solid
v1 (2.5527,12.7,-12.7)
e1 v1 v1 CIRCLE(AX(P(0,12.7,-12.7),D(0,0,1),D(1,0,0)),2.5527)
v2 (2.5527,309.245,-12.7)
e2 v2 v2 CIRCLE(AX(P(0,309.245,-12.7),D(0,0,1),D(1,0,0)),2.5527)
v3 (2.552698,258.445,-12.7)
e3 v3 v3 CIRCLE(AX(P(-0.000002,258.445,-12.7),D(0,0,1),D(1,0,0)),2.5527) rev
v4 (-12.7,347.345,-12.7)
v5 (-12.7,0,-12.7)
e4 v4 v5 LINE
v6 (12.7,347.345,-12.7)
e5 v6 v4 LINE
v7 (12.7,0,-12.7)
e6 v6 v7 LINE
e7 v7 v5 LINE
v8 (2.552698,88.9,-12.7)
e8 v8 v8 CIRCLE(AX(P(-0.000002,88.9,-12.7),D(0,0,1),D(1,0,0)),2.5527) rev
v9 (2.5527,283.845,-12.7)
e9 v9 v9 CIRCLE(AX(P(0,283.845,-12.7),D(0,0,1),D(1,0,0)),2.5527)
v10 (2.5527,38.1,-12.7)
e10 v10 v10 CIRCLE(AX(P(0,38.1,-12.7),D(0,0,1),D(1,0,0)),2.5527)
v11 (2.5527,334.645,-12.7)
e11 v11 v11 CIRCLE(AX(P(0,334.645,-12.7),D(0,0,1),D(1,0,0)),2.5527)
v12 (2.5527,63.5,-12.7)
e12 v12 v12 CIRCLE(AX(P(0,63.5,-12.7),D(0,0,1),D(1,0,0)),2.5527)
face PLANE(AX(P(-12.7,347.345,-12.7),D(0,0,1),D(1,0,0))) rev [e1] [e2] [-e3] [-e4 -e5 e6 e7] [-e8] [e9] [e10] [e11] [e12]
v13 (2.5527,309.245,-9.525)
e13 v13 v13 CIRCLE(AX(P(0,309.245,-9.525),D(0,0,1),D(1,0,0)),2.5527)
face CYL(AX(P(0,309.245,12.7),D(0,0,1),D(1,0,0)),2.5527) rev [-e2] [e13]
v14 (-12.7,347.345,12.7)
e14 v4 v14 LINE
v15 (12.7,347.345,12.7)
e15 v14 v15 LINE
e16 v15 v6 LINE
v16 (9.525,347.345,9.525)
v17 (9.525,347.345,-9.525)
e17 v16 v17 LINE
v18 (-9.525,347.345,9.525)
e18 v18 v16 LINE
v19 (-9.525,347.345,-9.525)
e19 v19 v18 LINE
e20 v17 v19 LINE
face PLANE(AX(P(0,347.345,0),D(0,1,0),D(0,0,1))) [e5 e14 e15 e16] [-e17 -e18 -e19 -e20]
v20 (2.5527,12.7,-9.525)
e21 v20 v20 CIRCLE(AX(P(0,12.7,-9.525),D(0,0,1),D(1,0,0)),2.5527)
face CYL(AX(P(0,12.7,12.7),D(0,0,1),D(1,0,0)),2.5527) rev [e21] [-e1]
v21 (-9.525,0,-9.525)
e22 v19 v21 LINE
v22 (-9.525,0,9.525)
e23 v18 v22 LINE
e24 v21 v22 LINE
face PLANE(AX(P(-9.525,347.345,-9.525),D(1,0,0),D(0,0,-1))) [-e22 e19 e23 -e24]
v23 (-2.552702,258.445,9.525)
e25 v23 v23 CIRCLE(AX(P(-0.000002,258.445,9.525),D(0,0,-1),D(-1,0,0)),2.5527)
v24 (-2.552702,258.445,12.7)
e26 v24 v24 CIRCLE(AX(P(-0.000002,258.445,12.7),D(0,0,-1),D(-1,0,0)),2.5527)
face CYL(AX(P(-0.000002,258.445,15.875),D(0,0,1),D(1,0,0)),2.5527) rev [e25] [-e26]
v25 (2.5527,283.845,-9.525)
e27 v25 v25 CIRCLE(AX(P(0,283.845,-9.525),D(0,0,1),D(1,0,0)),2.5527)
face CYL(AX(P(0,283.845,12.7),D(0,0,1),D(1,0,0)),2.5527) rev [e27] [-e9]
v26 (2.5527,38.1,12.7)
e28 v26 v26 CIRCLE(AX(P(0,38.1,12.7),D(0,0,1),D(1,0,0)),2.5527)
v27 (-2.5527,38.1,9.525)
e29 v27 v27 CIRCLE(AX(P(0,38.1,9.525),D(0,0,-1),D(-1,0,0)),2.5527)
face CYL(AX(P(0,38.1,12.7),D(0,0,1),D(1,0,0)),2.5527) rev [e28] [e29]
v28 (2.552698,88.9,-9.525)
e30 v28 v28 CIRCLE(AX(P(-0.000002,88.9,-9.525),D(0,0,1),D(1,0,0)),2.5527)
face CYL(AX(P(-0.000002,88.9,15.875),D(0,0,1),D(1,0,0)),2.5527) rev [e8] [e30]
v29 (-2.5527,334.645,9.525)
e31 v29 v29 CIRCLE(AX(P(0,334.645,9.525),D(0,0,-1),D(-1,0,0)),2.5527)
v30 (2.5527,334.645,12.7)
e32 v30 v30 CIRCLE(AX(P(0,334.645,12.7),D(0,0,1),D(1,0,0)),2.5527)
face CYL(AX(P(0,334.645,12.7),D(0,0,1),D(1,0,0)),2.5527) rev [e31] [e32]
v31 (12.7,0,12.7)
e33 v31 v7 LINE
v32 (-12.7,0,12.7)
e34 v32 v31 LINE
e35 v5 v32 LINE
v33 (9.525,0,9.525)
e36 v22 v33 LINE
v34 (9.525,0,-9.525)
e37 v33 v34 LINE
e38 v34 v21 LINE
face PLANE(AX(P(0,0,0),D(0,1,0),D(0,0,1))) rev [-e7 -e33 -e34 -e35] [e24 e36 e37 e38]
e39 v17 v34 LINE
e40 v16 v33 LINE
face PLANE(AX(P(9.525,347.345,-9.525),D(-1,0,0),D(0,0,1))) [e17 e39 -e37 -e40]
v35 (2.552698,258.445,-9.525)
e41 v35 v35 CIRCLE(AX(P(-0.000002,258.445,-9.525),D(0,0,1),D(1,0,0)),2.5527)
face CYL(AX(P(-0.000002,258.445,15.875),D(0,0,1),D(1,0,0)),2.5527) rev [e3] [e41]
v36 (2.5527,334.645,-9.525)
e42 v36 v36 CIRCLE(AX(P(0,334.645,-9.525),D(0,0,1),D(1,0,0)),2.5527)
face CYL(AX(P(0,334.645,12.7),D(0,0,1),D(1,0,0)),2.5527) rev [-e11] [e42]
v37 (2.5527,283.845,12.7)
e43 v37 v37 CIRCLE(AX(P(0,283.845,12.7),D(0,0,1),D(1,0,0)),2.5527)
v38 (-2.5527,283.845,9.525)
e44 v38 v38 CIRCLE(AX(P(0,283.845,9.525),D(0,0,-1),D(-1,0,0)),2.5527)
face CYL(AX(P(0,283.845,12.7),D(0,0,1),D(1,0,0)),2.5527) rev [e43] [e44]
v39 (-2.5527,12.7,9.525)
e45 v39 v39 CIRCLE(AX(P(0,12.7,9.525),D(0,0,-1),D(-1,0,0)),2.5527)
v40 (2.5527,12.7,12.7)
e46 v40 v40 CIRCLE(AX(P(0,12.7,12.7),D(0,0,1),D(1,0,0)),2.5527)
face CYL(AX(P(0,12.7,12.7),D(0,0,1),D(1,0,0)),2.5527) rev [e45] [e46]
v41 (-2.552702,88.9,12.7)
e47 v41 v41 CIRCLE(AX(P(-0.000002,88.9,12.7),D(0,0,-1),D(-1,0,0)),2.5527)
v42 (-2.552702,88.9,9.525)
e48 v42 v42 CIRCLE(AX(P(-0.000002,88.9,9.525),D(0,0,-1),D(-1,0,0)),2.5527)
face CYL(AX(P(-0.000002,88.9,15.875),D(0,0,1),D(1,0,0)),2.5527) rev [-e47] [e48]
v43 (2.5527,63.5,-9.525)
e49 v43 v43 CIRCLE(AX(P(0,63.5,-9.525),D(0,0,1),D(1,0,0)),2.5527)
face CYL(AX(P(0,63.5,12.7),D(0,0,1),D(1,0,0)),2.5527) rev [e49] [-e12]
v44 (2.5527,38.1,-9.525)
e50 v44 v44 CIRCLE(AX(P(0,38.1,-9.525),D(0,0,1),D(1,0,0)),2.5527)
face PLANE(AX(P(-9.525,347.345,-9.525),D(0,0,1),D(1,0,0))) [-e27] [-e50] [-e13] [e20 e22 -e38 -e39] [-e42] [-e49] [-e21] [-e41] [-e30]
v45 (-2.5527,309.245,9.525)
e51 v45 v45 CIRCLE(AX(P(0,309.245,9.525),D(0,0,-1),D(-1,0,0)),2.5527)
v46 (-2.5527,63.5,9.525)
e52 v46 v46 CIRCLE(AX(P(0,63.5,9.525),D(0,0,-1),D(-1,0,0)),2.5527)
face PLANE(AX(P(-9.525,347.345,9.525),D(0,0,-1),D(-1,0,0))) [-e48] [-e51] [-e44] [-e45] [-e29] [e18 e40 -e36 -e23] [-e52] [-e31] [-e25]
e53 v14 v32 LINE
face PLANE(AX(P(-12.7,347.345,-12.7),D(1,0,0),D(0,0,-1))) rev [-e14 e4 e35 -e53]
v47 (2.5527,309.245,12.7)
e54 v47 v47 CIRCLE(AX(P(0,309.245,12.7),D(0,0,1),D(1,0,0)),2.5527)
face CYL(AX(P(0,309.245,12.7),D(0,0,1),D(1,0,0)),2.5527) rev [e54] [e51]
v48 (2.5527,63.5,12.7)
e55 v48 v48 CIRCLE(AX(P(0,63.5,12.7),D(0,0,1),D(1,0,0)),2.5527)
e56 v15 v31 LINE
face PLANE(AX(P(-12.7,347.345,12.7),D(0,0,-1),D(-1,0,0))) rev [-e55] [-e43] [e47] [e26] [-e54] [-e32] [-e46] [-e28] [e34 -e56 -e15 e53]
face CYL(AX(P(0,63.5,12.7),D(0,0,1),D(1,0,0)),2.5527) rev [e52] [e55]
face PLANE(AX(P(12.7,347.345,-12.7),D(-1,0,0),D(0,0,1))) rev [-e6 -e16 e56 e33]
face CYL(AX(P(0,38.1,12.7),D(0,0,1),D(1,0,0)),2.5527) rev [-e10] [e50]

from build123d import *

# Parameters (mm, degrees)
SKETCH1_W              = 25.4
SKETCH1_H              = 25.4
SKETCH1_W_2            = 19.05
SKETCH1_H_2            = 19.05
BOSS_EXTRUDE1_DEPTH    = 347.345
F_10_CLEARANCE_HOLE1_D = 5.1054
F_10_CLEARANCE_HOLE2_D = 5.1054


with BuildPart() as part:
    # Sketch1 → Boss-Extrude1 (new body)
    with BuildSketch(Plane(origin=(0, 0, 0), x_dir=(1, 0, 0), z_dir=(0, 1, 0))):
        Rectangle(SKETCH1_W, SKETCH1_H)
        Rectangle(SKETCH1_W_2, SKETCH1_H_2, mode=Mode.SUBTRACT)
    extrude(amount=BOSS_EXTRUDE1_DEPTH)

    # #10 Clearance Hole1 (through all)
    with Locations(Plane.XY.offset(12.7)):
        with Locations((0, 283.845), (0, 12.7), (0, 38.1), (0, 63.5), (0, 334.645), (0, 309.245)):
            Hole(F_10_CLEARANCE_HOLE1_D / 2)

    # #10 Clearance Hole2 (through all)
    with Locations(Plane(origin=(-1665.705302189, -475.547296868, 15.875), x_dir=(1, 0, 0), z_dir=(0, 0, 1))):
        with Locations((1665.705300516, 564.447296868), (1665.705300516, 733.992296868)):
            Hole(F_10_CLEARANCE_HOLE2_D / 2)


solid = part.part
